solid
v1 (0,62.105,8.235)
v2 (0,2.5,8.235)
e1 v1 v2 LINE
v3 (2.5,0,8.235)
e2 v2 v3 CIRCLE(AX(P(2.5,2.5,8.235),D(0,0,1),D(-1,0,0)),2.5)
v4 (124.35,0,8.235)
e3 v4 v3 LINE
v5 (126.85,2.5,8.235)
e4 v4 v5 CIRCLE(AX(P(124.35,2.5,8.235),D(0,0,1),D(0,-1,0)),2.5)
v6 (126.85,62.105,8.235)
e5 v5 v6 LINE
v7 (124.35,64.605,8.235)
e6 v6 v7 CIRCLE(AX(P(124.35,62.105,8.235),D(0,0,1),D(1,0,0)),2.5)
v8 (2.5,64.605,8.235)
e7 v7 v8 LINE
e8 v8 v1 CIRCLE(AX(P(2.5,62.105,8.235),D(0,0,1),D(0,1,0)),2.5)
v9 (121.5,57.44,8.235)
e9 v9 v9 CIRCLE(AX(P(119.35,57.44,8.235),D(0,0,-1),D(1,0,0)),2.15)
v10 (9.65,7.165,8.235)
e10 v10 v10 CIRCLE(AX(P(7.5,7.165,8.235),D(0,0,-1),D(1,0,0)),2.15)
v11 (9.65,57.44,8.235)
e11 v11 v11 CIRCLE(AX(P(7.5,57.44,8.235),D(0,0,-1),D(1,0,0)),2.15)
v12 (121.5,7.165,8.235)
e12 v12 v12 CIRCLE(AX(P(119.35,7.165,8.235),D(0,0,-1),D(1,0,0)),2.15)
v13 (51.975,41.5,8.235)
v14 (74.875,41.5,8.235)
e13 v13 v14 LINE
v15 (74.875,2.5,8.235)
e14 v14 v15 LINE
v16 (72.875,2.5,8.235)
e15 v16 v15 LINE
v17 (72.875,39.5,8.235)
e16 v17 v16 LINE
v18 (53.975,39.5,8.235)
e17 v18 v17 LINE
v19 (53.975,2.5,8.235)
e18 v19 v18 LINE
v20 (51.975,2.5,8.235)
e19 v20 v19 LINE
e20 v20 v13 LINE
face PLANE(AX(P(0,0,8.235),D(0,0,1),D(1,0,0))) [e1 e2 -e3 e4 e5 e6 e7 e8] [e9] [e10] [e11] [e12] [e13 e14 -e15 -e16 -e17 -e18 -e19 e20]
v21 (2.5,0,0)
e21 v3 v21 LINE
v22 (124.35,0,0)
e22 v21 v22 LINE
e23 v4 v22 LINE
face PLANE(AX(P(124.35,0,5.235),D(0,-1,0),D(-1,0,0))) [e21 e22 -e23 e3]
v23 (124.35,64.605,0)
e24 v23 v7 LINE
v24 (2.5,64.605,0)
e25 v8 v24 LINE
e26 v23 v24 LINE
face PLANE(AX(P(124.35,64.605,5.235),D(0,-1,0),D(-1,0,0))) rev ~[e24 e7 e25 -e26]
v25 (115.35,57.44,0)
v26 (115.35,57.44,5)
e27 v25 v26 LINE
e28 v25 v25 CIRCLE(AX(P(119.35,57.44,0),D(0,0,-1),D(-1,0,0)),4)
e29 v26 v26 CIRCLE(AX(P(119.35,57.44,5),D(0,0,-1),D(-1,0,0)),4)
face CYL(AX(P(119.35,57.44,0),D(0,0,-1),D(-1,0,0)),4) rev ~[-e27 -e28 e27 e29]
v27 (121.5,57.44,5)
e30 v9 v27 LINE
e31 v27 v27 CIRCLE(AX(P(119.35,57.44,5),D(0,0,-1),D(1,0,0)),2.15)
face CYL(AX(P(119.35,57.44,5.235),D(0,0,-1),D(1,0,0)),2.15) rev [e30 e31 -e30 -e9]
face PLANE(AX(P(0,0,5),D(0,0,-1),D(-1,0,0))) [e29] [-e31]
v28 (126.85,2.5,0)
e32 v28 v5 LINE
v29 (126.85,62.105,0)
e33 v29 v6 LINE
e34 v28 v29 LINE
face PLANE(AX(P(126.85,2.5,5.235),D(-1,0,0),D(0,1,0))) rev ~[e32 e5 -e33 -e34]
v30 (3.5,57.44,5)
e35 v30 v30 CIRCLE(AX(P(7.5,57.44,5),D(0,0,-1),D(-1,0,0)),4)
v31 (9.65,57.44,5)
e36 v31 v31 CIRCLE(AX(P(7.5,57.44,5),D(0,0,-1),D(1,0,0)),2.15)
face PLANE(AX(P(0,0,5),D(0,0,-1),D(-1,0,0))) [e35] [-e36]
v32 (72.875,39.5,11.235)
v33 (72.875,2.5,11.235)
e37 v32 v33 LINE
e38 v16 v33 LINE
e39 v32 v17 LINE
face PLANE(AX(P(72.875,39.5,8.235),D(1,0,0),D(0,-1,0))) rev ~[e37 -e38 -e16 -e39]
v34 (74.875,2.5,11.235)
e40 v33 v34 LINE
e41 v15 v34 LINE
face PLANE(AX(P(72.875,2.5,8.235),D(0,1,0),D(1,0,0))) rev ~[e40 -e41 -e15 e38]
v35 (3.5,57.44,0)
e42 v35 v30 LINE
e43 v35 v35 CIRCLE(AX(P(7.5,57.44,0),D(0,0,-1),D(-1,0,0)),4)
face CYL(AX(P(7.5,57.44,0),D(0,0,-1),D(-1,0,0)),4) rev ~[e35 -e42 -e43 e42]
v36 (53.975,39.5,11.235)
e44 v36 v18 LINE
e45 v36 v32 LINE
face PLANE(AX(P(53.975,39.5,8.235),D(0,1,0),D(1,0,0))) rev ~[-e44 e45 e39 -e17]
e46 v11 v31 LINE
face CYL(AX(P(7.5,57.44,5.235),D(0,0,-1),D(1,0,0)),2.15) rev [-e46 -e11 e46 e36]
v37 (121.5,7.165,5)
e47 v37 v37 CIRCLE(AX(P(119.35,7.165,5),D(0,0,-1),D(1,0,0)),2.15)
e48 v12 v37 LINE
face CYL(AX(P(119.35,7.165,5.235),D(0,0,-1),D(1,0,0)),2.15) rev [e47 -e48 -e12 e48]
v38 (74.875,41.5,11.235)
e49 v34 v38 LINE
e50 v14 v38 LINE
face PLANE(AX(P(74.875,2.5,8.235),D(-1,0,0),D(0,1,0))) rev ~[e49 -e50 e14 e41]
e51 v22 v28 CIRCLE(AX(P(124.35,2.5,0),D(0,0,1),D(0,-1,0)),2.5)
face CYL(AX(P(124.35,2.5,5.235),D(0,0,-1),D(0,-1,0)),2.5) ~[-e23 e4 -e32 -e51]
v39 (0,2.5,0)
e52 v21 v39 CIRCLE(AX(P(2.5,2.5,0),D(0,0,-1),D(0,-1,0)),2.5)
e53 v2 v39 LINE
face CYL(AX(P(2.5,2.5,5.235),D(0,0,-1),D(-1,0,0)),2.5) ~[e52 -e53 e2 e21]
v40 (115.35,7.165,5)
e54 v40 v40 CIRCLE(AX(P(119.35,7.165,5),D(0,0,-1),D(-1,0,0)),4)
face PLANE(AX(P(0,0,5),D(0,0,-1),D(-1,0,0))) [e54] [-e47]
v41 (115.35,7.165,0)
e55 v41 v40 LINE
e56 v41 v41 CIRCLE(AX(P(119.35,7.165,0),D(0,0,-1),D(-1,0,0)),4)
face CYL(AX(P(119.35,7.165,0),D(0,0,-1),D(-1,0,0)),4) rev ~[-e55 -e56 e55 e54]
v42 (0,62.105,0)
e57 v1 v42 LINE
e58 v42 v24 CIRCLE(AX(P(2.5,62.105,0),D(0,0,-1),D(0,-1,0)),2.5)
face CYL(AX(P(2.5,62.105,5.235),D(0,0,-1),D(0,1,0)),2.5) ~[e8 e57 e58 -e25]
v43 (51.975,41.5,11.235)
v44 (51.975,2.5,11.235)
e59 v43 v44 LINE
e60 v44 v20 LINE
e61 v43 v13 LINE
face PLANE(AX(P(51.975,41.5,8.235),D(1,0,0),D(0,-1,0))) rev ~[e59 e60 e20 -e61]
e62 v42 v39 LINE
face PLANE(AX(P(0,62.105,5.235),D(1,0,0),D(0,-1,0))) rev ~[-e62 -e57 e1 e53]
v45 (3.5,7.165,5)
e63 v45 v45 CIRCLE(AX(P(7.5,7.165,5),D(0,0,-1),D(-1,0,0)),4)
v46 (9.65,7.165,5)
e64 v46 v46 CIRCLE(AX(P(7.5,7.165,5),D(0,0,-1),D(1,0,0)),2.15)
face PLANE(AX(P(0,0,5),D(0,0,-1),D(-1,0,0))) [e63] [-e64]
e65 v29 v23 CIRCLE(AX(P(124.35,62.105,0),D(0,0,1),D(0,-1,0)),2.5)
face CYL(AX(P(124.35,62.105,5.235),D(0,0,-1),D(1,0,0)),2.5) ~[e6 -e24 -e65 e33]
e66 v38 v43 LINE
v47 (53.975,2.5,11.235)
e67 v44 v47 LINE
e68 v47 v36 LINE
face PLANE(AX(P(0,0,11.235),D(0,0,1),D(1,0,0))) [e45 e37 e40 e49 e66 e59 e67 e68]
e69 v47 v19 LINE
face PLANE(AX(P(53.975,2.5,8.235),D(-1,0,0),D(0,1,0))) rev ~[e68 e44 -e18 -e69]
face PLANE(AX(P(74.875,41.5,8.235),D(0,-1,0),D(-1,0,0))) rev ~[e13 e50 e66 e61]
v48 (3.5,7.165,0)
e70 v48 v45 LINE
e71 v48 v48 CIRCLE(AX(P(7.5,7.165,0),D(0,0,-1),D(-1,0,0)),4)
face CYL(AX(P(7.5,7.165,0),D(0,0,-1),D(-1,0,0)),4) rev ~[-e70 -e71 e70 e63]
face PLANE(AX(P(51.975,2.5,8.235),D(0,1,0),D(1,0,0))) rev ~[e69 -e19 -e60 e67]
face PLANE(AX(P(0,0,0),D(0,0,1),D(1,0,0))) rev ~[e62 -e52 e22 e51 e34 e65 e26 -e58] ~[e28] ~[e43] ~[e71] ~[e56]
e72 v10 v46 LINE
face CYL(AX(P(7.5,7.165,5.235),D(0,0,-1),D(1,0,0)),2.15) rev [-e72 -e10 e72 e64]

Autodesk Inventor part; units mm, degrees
ref_plane "YZ Plane" through (0, 0, 0) normal (1, 0, 0) x (0, 1, 0)
ref_plane "XZ Plane" through (0, 0, 0) normal (0, 1, 0) x (-1, 0, 0)
ref_plane "XY Plane" through (0, 0, 0) normal (0, 0, 1) x (1, 0, 0)
sketch "Sketch1" plane through (0, 0, 0) normal (0, 0, 1) x (1, 0, 0)
  line L0 (0, 0) -> (126.85, 0)
  line L1 (126.85, 0) -> (126.85, 64.605)
  line L2 (126.85, 64.605) -> (0, 64.605)
  line L3 (0, 64.605) -> (0, 0)
  line L4 (55.925, 0) -> (65.5708, 0)
  line L5 (53.975, 0) -> (72.875, 0)
  line L6 (72.875, 0) -> (72.875, 39.5)
  line L7 (72.875, 39.5) -> (53.975, 39.5)
  line L8 (53.975, 39.5) -> (53.975, 0)
  line L9 (51.975, 0) -> (74.875, 0)
  line L10 (74.875, 0) -> (74.875, 41.5)
  line L11 (74.875, 41.5) -> (51.975, 41.5)
  line L12 (51.975, 41.5) -> (51.975, 0)
  point P0 (74.875, 20.75)
  point P1 (74.875, 0)
  dimension "d0" = 126.85
  dimension "d1" = 64.605
  dimension "d3" = 39.5
  dimension "d4" = 18.9
  dimension "d5" = 53.975
  dimension "d6" = 2
  dimension "d7" = 2
  dimension "d8" = 2
extrude "Extrusion2" add sketch "Sketch1" along normal blind 5.235 contours L3 L2 L1 L0 L10 L11 L12
extrude "Extrusion3" add sketch "Sketch1" along normal blind 8.235 contours L12 L11 L10 L0 L6 L7 L8
extrude "Extrusion4" add sketch "Sketch1" along normal blind 5.235 contours L8 L7 L6 L0
sketch "Sketch2" plane through (0, 0, 8.235) normal (0, 0, 1) x (1, 0, 0)
  line L0 (72.875, 39.5) -> (72.875, 0) projected
  line L1 (72.875, 0) -> (74.875, 0) projected
  line L2 (74.875, 0) -> (74.875, 41.5) projected
  line L3 (74.875, 41.5) -> (51.975, 41.5) projected
  line L4 (51.975, 41.5) -> (51.975, 0) projected
  line L5 (51.975, 0) -> (53.975, 0) projected
  line L6 (53.975, 0) -> (53.975, 39.5) projected
  line L7 (53.975, 39.5) -> (72.875, 39.5) projected
  line L8 (51.975, 0) -> (53.975, 0)
  line L9 (53.975, 0) -> (53.975, 2.5)
  line L10 (53.975, 2.5) -> (51.975, 2.5)
  line L11 (51.975, 2.5) -> (51.975, 0)
  line L12 (72.875, 0) -> (74.875, 0)
  line L13 (74.875, 0) -> (74.875, 2.5)
  line L14 (74.875, 2.5) -> (72.875, 2.5)
  line L15 (72.875, 2.5) -> (72.875, 0)
  point P0 (0, 0)
  dimension "d17" = 2.5
  dimension "d18" = 2.5
extrude "Extrusion5" cut sketch "Sketch2" against normal blind 3 contours L14 L2 L1 L0 | L6 L5 L4 L10
fillet "Fillet1" radius 2.5 4 edges at (126.85, 0, 2.6175) (0, 0, 2.6175) (126.85, 64.605, 2.6175) (0, 64.605, 2.6175)
sketch "Sketch3" plane through (0, 0, 5.235) normal (0, 0, 1) x (1, 0, 0)
  line L0 (0, 0) -> (15, 0)
  line L1 (15, 0) -> (15, 15)
  line L2 (15, 15) -> (0, 15)
  line L3 (0, 15) -> (0, 0)
  line L4 (0, 64.605) -> (15, 64.605)
  line L5 (15, 64.605) -> (15, 49.605)
  line L6 (15, 49.605) -> (0, 49.605)
  line L7 (0, 49.605) -> (0, 64.605)
  line L8 (124.35, 0) -> (2.5, 0) projected
  line L9 (126.85, 2.5) -> (126.85, 62.105) projected
  line L10 (126.85, 15) -> (111.85, 15)
  line L11 (111.85, 15) -> (111.85, 0)
  line L12 (111.85, 0) -> (126.85, 0)
  line L13 (126.85, 0) -> (126.85, 15)
  line L14 (126.85, 64.605) -> (111.85, 64.605)
  line L15 (111.85, 64.605) -> (111.85, 49.605)
  line L16 (111.85, 49.605) -> (126.85, 49.605)
  line L17 (126.85, 49.605) -> (126.85, 64.605)
  circle A0 centre (7.5, 57.44) radius 2.15
  circle A1 centre (119.35, 57.44) radius 2.15
  circle A2 centre (119.35, 7.165) radius 2.15
  line L18 (0, 62.105) -> (0, 2.5) projected
  circle A3 centre (7.5, 7.165) radius 2.15
  point P0 (111.85, 7.5)
  point P1 (119.35, 0)
  point P2 (119.35, 15)
  point P3 (7.5, 64.605)
  dimension "d22" = 15
  dimension "d23" = 15
  dimension "d24" = 15
  dimension "d25" = 15
  dimension "d26" = 64.605
  dimension "d28" = 15
  dimension "d29" = 15
  dimension "d30" = 15
  dimension "d31" = 15
  dimension "d32" = 64.605
  dimension "d33" = 0
  dimension "d52" = 7.165
  dimension "d53" = 7.5
  dimension "d54" = 4.3
  dimension "d55" = 4.3
  dimension "d56" = 7.5
  dimension "d57" = 7.165
  dimension "d58" = 4.3
  dimension "d59" = 7.5
  dimension "d61" = 7.165
  dimension "d62" = 0
  dimension "d63" = 4.3
  dimension "d65" = 7.5
  dimension "d66" = 7.165
sketch "Sketch4" plane through (0, 0, 0) normal (0, 0, -1) x (-1, 0, 0)
  line L0 (-126.85, 0) -> (-111.85, 0)
  line L1 (-111.85, 0) -> (-111.85, 15)
  line L2 (-111.85, 15) -> (-126.85, 15)
  line L3 (-126.85, 15) -> (-126.85, 0)
  line L4 (-126.85, 64.605) -> (-111.85, 64.605)
  line L5 (-111.85, 64.605) -> (-111.85, 49.605)
  line L6 (-111.85, 49.605) -> (-126.85, 49.605)
  line L7 (-126.85, 49.605) -> (-126.85, 64.605)
  line L8 (-85.2582, 0) -> (-207.1082, 0)
  line L9 (0, -43.3004) -> (0, 16.3046)
  line L10 (0, 15) -> (-15, 15)
  line L11 (-15, 15) -> (-15, 0)
  line L12 (-15, 0) -> (0, 0)
  line L13 (0, 0) -> (0, 15)
  line L14 (0, 64.605) -> (-15, 64.605)
  line L15 (-15, 64.605) -> (-15, 49.605)
  line L16 (-15, 49.605) -> (0, 49.605)
  line L17 (0, 49.605) -> (0, 64.605)
  line L18 (-2.5, 0) -> (-124.35, 0) projected
  line L19 (0, 62.105) -> (0, 2.5) projected
  line L20 (-126.85, 2.5) -> (-126.85, 62.105) projected
  point P0 (0, 0)
  point P1 (-15, 7.5)
  point P2 (-7.5, 0)
  point P3 (-7.5, 15)
  point P4 (0, 32.3025)
  point P5 (-119.35, 0)
  dimension "d34" = 15
  dimension "d35" = 15
  dimension "d36" = 15
  dimension "d37" = 15
  dimension "d38" = 64.605
  dimension "d39" = 0
  dimension "d40" = 15
  dimension "d41" = 15
  dimension "d42" = 15
  dimension "d43" = 15
  dimension "d44" = 64.605
  dimension "d45" = 0
  dimension "d46" = 0
  dimension "d47" = 0
  dimension "d48" = 0
  dimension "d49" = 0
extrude "Extrusion7" cut sketch "Sketch3" against normal blind 3.235 contours A0 | A1 | A2 | A3
sketch "Sketch5" plane through (0, 0, 0) normal (0, 0, -1) x (-1, 0, 0)
  circle A0 centre (-7.5, 7.165) radius 2.15 projected
  circle A1 centre (-7.5, 57.44) radius 2.15 projected
  circle A2 centre (-119.35, 57.44) radius 2.15 projected
  circle A3 centre (-119.35, 7.165) radius 2.15 projected
  circle A4 centre (-7.5, 7.165) radius 4
  circle A5 centre (-119.35, 7.165) radius 4
  circle A6 centre (-119.35, 57.44) radius 4
  circle A7 centre (-7.5, 57.44) radius 4
  point P0 (0, 0)
  dimension "d69" = 8
  dimension "d70" = 8
  dimension "d71" = 8
  dimension "d72" = 8
sketch "Sketch6" plane through (0, 0, 5.235) normal (0, 0, 1) x (1, 0, 0)
  line L0 (126.85, 2.5) -> (126.85, 62.105) projected
  circle A0 centre (119.35, 57.44) radius 2.15 projected
  circle A1 centre (7.5, 7.165) radius 2.15 projected
  circle A2 centre (119.35, 7.165) radius 2.15 projected
  circle A3 centre (7.5, 57.44) radius 2.15 projected
  arc A4 (2.5, 64.605) -> (0, 62.105) centre (2.5, 62.105) ccw projected
  line L1 (0, 62.105) -> (0, 2.5) projected
  arc A5 (0, 2.5) -> (2.5, 0) centre (2.5, 2.5) ccw projected
  line L2 (124.35, 0) -> (2.5, 0) projected
  arc A6 (124.35, 0) -> (126.85, 2.5) centre (124.35, 2.5) ccw projected
  line L3 (126.85, 2.5) -> (126.85, 62.105) projected
  arc A7 (126.85, 62.105) -> (124.35, 64.605) centre (124.35, 62.105) ccw projected
  line L4 (124.35, 64.605) -> (2.5, 64.605) projected
  line L5 (72.875, 2.5) -> (74.875, 2.5) projected
  line L6 (72.875, 39.5) -> (72.875, 2.5) projected
  line L7 (53.975, 39.5) -> (72.875, 39.5) projected
  line L8 (53.975, 2.5) -> (53.975, 39.5) projected
  line L9 (51.975, 2.5) -> (53.975, 2.5) projected
  line L10 (51.975, 2.5) -> (51.975, 41.5) projected
  line L11 (51.975, 41.5) -> (74.875, 41.5) projected
  line L12 (74.875, 41.5) -> (74.875, 2.5) projected
  line L13 (72.875, 2.5) -> (74.875, 2.5) projected
  line L14 (74.875, 2.5) -> (74.875, 41.5) projected
  line L15 (74.875, 41.5) -> (51.975, 41.5) projected
  line L16 (51.975, 41.5) -> (51.975, 2.5) projected
  line L17 (51.975, 2.5) -> (53.975, 2.5) projected
  line L18 (53.975, 2.5) -> (53.975, 39.5) projected
  line L19 (53.975, 39.5) -> (72.875, 39.5) projected
  line L20 (72.875, 39.5) -> (72.875, 2.5) projected
  point P0 (0, 0)
sketch "Sketch7" plane through (0, 0, 8.235) normal (0, 0, 1) x (1, 0, 0)
  line L0 (72.875, 2.5) -> (74.875, 2.5) projected
  line L1 (74.875, 2.5) -> (74.875, 41.5) projected
  line L2 (74.875, 41.5) -> (51.975, 41.5) projected
  line L3 (51.975, 41.5) -> (51.975, 2.5) projected
  line L4 (51.975, 2.5) -> (53.975, 2.5) projected
  line L5 (53.975, 2.5) -> (53.975, 39.5) projected
  line L6 (53.975, 39.5) -> (72.875, 39.5) projected
  line L7 (72.875, 39.5) -> (72.875, 2.5) projected
  point P0 (0, 0)
extrude "Extrusion8" add sketch "Sketch7" along normal blind 3
extrude "Extrusion9" add sketch "Sketch6" along normal blind 3
extrude "Extrusion10" cut sketch "Sketch5" against normal blind 5
extrude "Extrusion11" cut sketch "Sketch5" against normal blind 10 contours A0 | A1 | A2 | A3
properties part number "KeypadBase"
